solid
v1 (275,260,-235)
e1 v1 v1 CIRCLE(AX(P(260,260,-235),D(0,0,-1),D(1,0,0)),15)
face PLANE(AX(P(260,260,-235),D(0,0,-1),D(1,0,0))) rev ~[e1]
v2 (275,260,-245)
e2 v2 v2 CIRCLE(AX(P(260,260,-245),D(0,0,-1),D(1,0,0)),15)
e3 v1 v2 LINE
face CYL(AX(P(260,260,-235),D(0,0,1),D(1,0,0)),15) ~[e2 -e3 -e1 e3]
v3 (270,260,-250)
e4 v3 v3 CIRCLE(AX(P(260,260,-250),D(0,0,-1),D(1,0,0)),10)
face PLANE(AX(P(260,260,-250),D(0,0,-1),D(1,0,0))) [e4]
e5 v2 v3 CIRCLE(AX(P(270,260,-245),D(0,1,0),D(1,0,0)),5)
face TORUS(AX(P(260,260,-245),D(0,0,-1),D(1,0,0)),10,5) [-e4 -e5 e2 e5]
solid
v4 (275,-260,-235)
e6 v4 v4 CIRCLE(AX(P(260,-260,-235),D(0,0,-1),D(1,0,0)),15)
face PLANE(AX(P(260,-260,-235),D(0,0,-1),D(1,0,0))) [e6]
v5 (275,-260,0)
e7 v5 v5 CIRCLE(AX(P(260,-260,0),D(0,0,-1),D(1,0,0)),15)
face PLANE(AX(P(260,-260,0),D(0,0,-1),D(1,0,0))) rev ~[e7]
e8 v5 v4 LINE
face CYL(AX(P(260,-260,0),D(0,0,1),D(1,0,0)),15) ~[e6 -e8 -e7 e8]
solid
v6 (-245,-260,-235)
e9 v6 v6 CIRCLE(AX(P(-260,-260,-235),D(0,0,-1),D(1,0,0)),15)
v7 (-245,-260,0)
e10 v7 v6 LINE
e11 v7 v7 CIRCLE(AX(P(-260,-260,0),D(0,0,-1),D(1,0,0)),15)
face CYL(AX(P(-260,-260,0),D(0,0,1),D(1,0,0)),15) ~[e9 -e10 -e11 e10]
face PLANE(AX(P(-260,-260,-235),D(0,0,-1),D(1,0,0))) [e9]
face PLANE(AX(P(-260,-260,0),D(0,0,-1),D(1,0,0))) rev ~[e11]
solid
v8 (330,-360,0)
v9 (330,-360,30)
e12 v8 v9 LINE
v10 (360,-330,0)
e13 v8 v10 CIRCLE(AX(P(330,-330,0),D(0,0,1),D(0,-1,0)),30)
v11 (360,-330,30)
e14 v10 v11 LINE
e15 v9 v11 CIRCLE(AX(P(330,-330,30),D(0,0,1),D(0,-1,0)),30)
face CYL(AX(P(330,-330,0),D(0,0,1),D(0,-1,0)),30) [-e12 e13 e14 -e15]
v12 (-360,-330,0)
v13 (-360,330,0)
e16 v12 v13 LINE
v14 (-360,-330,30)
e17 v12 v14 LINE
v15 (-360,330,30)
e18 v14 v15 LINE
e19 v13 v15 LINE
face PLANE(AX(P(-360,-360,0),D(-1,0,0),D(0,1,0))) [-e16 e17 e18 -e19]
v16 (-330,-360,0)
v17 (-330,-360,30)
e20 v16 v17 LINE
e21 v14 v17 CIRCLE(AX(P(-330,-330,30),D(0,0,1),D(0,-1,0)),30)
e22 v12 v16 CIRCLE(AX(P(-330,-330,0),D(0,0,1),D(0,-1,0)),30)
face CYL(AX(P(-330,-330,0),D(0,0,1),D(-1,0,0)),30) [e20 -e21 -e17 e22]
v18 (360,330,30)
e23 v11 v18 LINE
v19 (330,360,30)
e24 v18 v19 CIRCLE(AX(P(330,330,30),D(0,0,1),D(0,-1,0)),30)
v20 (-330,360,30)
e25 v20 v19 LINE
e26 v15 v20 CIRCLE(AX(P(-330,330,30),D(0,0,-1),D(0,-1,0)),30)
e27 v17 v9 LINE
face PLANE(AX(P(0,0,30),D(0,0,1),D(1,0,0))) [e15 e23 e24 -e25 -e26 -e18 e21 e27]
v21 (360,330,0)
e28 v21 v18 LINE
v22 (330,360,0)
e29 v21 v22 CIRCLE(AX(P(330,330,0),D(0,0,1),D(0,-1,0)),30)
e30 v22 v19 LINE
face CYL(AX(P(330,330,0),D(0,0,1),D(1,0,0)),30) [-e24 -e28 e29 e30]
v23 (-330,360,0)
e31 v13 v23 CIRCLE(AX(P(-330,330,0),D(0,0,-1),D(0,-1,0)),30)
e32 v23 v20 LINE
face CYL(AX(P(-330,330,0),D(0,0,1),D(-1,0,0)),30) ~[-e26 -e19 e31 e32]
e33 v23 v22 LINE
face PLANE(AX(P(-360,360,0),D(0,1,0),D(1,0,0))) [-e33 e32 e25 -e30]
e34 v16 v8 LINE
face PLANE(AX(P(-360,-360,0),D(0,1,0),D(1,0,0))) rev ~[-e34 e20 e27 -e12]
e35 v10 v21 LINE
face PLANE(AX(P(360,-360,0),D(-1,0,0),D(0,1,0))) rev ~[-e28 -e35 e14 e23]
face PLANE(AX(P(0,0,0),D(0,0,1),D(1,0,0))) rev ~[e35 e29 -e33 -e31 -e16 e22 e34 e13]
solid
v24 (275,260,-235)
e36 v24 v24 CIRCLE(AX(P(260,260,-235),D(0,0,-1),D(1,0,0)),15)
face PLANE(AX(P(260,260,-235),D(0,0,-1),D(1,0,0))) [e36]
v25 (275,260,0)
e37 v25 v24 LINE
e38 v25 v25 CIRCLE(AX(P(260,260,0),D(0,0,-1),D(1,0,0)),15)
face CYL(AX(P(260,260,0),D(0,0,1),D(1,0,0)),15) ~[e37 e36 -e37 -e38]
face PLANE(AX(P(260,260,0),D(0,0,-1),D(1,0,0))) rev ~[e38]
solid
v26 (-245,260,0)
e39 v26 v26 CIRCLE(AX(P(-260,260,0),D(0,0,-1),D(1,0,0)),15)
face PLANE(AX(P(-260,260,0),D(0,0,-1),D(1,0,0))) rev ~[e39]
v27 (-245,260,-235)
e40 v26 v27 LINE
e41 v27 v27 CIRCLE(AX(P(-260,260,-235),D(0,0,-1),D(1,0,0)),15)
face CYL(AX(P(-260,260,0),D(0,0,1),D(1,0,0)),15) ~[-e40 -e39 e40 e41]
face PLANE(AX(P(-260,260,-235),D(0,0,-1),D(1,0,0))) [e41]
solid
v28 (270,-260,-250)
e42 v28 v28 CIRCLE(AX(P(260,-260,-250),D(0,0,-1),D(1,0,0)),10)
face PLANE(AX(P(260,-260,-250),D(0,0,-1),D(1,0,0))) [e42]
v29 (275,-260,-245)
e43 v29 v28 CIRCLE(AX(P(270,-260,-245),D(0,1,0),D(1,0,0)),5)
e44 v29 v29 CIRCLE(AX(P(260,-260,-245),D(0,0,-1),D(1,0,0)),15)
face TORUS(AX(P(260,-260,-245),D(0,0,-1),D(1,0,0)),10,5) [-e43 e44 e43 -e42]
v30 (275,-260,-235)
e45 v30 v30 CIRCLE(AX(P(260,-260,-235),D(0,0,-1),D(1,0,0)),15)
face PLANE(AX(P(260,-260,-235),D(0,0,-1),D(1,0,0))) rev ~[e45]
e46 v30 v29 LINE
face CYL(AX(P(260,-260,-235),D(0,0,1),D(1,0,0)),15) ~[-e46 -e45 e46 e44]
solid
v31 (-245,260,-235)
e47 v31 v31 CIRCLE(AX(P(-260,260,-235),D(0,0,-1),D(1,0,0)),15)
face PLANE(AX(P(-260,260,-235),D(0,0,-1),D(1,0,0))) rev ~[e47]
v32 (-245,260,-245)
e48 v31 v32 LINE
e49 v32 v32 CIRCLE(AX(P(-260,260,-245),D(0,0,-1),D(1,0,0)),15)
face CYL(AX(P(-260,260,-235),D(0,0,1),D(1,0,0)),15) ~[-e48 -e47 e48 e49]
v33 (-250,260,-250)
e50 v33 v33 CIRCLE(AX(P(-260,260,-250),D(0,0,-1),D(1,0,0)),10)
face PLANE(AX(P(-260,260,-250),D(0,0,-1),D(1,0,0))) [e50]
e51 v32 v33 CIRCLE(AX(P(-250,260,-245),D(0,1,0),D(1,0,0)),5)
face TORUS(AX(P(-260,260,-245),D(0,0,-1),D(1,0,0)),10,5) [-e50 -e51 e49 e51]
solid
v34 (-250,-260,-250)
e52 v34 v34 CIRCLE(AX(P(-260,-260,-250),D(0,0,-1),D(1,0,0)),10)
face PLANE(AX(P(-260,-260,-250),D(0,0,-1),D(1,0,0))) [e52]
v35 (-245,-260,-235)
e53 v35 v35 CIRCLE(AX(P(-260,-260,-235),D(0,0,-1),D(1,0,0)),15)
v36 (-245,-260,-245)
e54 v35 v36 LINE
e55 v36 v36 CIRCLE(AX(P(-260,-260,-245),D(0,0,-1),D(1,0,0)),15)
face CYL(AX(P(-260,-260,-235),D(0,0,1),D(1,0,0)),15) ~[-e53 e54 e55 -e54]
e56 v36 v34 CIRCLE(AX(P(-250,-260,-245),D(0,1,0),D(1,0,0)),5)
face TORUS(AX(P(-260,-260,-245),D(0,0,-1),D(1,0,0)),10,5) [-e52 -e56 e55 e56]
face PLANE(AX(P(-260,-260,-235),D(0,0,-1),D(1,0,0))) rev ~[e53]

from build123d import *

# Parameters (mm, degrees)
F0_W     = 720
F0_H     = 720
F1_DEPTH = 30
F2_R     = 30
F3_R     = 15
F4_DEPTH = 235
F5_R     = 15
F6_DEPTH = 15
F7_R     = 5


with BuildPart() as f1:
    # F0 (on Top) → F1 (new body)
    with BuildSketch(Plane.XY):
        Rectangle(F0_W, F0_H)
    extrude(amount=F1_DEPTH)

    # F2
    f2_edges = [f1.edges().sort_by_distance(p)[0] for p in [
        (-360, -360, 15),
        (360, -360, 15),
        (360, 360, 15),
        (-360, 360, 15),
    ]]
    fillet(f2_edges, radius=F2_R)


with BuildPart() as f4:
    # F3 (on face) → F4 (new body)
    with BuildSketch(Plane(origin=(0, 0, 0), x_dir=(1, 0, 0), z_dir=(0, 0, -1))):
        with Locations((260, 260)):
            Circle(F3_R)
        with Locations((-260, 260)):
            Circle(F3_R)
        with Locations((-260, -260)):
            Circle(F3_R)
        with Locations((260, -260)):
            Circle(F3_R)
    extrude(amount=F4_DEPTH)


with BuildPart() as f6:
    # F5 (on face) → F6 (new body)
    with BuildSketch(Plane(origin=(0, 0, -235), x_dir=(1, 0, 0), z_dir=(0, 0, -1))):
        with Locations((-260, 260)):
            Circle(F5_R)
        with Locations((260, 260)):
            Circle(F5_R)
        with Locations((260, -260)):
            Circle(F5_R)
        with Locations((-260, -260)):
            Circle(F5_R)
    extrude(amount=F6_DEPTH)

    # F7
    f7_edges = [f6.edges().sort_by_distance(p)[0] for p in [
        (-275, -260, -250),
        (-275, 260, -250),
        (245, 260, -250),
        (245, -260, -250),
    ]]
    fillet(f7_edges, radius=F7_R)


solid = Compound([f1.part, f4.part, f6.part])
